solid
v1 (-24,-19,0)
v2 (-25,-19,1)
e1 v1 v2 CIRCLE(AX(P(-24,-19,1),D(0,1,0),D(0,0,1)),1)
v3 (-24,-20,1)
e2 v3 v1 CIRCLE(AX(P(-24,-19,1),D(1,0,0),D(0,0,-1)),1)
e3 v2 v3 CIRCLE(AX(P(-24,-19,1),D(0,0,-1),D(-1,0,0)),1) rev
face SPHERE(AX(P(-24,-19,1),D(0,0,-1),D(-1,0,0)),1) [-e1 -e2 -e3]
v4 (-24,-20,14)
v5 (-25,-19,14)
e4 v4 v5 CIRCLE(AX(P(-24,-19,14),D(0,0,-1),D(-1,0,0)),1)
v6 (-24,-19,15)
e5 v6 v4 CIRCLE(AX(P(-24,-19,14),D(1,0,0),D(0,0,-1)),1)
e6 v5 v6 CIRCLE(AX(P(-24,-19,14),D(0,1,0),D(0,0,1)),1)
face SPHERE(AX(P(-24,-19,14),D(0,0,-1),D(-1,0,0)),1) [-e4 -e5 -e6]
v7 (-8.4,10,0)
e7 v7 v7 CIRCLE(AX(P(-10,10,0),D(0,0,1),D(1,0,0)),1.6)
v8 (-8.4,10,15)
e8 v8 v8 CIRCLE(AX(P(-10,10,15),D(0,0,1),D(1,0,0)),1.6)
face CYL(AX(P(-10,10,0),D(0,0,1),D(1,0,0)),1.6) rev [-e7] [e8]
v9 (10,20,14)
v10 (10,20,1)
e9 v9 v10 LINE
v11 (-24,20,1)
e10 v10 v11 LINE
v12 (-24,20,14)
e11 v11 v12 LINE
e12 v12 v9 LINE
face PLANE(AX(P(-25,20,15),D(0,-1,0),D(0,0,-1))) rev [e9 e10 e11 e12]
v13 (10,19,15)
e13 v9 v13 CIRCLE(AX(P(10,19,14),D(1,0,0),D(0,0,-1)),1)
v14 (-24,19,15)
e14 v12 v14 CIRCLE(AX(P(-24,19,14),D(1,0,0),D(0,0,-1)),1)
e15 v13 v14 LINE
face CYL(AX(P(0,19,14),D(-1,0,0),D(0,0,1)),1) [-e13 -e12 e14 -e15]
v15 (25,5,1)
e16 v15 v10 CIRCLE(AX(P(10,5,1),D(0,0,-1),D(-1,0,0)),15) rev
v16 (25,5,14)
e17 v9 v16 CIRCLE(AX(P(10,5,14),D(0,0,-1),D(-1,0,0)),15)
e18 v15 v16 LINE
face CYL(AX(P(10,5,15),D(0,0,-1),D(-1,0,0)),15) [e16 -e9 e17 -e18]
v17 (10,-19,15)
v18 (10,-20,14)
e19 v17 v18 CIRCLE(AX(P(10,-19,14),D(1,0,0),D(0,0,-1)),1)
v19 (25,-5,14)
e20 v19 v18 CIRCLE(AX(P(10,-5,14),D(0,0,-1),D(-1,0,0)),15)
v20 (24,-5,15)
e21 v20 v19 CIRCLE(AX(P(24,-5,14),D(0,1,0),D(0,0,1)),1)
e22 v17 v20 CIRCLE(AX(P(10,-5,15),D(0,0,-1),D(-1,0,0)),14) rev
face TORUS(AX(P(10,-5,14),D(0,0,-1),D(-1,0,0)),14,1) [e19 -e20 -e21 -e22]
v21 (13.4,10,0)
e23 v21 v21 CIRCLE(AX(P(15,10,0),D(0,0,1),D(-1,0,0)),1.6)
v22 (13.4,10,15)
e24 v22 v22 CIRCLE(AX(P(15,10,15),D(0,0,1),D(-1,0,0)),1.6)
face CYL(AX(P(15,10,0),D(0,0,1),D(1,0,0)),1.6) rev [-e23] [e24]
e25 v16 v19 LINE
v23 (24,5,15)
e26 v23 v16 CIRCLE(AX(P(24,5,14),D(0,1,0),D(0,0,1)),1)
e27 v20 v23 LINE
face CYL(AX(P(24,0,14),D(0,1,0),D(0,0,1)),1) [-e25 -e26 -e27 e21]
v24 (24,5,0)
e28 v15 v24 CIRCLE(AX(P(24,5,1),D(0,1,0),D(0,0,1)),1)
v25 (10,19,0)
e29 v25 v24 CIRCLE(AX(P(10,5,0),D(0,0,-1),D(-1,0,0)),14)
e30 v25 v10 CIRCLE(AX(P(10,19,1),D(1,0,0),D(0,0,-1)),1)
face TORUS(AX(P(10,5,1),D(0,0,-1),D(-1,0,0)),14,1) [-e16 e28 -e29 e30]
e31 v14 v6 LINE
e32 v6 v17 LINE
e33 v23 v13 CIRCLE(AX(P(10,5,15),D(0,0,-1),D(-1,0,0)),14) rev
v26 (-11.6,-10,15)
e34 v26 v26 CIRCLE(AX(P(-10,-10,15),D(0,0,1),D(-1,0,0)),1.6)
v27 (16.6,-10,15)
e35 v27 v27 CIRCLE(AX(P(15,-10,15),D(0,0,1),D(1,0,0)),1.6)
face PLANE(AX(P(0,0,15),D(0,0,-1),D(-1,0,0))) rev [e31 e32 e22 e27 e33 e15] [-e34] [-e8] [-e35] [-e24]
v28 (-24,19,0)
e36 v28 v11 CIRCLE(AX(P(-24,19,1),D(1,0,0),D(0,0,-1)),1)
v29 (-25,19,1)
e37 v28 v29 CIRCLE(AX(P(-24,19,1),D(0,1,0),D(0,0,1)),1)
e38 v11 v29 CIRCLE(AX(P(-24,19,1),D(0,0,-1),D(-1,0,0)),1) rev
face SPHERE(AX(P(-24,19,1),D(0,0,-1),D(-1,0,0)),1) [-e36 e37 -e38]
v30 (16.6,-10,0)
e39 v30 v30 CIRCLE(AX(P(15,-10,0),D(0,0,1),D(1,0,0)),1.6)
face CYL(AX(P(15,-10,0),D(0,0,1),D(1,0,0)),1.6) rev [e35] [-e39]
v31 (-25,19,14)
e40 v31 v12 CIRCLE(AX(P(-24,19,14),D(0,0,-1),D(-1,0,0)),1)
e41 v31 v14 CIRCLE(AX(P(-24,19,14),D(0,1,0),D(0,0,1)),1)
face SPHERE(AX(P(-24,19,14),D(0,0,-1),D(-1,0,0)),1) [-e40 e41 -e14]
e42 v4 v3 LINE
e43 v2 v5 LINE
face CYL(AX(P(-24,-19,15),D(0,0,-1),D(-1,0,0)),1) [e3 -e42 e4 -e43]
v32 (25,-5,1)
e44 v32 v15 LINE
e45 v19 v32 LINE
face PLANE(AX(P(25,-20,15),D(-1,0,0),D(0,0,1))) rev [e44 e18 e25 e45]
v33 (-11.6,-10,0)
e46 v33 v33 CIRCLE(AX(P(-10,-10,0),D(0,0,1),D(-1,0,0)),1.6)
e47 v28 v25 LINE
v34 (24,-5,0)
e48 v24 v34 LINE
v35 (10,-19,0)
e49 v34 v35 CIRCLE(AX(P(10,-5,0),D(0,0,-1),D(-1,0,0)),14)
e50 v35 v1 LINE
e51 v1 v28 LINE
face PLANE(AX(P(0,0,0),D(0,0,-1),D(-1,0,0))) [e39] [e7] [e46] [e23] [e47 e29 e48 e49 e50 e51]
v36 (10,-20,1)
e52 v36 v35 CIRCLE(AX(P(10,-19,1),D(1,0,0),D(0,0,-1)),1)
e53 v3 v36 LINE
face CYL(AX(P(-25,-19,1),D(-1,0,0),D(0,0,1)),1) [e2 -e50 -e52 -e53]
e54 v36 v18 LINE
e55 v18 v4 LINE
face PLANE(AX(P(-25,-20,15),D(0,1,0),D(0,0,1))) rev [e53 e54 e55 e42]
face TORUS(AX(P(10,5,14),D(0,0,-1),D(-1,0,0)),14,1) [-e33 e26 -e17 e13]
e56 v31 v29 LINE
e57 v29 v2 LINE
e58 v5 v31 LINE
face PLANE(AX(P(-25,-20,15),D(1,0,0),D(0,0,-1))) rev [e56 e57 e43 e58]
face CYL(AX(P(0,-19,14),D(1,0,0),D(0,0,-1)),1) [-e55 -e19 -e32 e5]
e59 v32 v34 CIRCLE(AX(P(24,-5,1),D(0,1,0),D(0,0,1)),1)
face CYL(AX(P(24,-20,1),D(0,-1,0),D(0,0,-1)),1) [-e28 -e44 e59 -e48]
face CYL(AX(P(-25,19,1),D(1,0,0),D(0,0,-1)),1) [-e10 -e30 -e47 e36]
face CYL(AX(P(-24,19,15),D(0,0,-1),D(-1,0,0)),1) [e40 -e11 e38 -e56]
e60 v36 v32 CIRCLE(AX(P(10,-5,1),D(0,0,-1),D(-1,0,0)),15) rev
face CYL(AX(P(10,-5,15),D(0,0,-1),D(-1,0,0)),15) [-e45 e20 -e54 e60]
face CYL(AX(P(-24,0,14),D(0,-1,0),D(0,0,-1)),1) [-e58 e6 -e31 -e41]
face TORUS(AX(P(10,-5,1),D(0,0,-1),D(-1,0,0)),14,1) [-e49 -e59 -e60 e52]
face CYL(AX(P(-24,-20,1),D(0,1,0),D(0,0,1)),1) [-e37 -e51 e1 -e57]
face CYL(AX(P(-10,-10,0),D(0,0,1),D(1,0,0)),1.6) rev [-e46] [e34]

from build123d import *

# Parameters (mm, degrees)
SKETCH_1_W          = 50
SKETCH_1_H          = 40
EXTRUDE_1_DEPTH     = 15
SKETCH_2_R          = 1.6
CUT_EXTRUDE_1_DEPTH = 36.355339059
FILLET_1_R          = 15
FILLET_2_R          = 1
FILLET_3_R          = 1


with BuildPart() as part:
    # 草图1 → 凸台-拉伸1 (new body)
    with BuildSketch(Plane.XY):
        Rectangle(SKETCH_1_W, SKETCH_1_H)
    extrude(amount=EXTRUDE_1_DEPTH)

    # 草图2 → 切除-拉伸1 (cut, through all)
    with BuildSketch(Plane.XY.offset(15)):
        with Locations((-10, 10)):
            Circle(SKETCH_2_R)
        with Locations(Location((15, 10, 0), (0, 0, 180))):
            Circle(SKETCH_2_R)
        with Locations((15, -10)):
            Circle(SKETCH_2_R)
        with Locations(Location((-10, -10, 0), (0, 0, 180))):
            Circle(SKETCH_2_R)
    extrude(amount=-CUT_EXTRUDE_1_DEPTH, mode=Mode.SUBTRACT)

    # 圆角1
    fillet_1_edges = [part.edges().sort_by_distance(p)[0] for p in [
        (25, -20, 7.5),
        (25, 20, 7.5),
    ]]
    fillet(fillet_1_edges, radius=FILLET_1_R)

    # 圆角2
    fillet_2_edges = [part.edges().sort_by_distance(p)[0] for p in [
        (-25, -20, 7.5),
        (-25, 20, 7.5),
    ]]
    fillet(fillet_2_edges, radius=FILLET_2_R)

    # 圆角3
    fillet_3_edges = [part.edges().sort_by_distance(p)[0] for p in [
        (25, 0, 0),
        (25, 0, 15),
        (-7, 20, 0),
        (20.606601718, 15.606601718, 0),
        (20.606601718, -15.606601718, 0),
        (-7, 20, 15),
        (20.606601718, 15.606601718, 15),
        (20.606601718, -15.606601718, 15),
        (-7, -20, 0),
        (-7, -20, 15),
        (-25, 0, 0),
        (-24.707106781, 19.707106781, 0),
        (-24.707106781, -19.707106781, 0),
        (-25, 0, 15),
        (-24.707106781, 19.707106781, 15),
        (-24.707106781, -19.707106781, 15),
    ]]
    fillet(fillet_3_edges, radius=FILLET_3_R)


solid = part.part
